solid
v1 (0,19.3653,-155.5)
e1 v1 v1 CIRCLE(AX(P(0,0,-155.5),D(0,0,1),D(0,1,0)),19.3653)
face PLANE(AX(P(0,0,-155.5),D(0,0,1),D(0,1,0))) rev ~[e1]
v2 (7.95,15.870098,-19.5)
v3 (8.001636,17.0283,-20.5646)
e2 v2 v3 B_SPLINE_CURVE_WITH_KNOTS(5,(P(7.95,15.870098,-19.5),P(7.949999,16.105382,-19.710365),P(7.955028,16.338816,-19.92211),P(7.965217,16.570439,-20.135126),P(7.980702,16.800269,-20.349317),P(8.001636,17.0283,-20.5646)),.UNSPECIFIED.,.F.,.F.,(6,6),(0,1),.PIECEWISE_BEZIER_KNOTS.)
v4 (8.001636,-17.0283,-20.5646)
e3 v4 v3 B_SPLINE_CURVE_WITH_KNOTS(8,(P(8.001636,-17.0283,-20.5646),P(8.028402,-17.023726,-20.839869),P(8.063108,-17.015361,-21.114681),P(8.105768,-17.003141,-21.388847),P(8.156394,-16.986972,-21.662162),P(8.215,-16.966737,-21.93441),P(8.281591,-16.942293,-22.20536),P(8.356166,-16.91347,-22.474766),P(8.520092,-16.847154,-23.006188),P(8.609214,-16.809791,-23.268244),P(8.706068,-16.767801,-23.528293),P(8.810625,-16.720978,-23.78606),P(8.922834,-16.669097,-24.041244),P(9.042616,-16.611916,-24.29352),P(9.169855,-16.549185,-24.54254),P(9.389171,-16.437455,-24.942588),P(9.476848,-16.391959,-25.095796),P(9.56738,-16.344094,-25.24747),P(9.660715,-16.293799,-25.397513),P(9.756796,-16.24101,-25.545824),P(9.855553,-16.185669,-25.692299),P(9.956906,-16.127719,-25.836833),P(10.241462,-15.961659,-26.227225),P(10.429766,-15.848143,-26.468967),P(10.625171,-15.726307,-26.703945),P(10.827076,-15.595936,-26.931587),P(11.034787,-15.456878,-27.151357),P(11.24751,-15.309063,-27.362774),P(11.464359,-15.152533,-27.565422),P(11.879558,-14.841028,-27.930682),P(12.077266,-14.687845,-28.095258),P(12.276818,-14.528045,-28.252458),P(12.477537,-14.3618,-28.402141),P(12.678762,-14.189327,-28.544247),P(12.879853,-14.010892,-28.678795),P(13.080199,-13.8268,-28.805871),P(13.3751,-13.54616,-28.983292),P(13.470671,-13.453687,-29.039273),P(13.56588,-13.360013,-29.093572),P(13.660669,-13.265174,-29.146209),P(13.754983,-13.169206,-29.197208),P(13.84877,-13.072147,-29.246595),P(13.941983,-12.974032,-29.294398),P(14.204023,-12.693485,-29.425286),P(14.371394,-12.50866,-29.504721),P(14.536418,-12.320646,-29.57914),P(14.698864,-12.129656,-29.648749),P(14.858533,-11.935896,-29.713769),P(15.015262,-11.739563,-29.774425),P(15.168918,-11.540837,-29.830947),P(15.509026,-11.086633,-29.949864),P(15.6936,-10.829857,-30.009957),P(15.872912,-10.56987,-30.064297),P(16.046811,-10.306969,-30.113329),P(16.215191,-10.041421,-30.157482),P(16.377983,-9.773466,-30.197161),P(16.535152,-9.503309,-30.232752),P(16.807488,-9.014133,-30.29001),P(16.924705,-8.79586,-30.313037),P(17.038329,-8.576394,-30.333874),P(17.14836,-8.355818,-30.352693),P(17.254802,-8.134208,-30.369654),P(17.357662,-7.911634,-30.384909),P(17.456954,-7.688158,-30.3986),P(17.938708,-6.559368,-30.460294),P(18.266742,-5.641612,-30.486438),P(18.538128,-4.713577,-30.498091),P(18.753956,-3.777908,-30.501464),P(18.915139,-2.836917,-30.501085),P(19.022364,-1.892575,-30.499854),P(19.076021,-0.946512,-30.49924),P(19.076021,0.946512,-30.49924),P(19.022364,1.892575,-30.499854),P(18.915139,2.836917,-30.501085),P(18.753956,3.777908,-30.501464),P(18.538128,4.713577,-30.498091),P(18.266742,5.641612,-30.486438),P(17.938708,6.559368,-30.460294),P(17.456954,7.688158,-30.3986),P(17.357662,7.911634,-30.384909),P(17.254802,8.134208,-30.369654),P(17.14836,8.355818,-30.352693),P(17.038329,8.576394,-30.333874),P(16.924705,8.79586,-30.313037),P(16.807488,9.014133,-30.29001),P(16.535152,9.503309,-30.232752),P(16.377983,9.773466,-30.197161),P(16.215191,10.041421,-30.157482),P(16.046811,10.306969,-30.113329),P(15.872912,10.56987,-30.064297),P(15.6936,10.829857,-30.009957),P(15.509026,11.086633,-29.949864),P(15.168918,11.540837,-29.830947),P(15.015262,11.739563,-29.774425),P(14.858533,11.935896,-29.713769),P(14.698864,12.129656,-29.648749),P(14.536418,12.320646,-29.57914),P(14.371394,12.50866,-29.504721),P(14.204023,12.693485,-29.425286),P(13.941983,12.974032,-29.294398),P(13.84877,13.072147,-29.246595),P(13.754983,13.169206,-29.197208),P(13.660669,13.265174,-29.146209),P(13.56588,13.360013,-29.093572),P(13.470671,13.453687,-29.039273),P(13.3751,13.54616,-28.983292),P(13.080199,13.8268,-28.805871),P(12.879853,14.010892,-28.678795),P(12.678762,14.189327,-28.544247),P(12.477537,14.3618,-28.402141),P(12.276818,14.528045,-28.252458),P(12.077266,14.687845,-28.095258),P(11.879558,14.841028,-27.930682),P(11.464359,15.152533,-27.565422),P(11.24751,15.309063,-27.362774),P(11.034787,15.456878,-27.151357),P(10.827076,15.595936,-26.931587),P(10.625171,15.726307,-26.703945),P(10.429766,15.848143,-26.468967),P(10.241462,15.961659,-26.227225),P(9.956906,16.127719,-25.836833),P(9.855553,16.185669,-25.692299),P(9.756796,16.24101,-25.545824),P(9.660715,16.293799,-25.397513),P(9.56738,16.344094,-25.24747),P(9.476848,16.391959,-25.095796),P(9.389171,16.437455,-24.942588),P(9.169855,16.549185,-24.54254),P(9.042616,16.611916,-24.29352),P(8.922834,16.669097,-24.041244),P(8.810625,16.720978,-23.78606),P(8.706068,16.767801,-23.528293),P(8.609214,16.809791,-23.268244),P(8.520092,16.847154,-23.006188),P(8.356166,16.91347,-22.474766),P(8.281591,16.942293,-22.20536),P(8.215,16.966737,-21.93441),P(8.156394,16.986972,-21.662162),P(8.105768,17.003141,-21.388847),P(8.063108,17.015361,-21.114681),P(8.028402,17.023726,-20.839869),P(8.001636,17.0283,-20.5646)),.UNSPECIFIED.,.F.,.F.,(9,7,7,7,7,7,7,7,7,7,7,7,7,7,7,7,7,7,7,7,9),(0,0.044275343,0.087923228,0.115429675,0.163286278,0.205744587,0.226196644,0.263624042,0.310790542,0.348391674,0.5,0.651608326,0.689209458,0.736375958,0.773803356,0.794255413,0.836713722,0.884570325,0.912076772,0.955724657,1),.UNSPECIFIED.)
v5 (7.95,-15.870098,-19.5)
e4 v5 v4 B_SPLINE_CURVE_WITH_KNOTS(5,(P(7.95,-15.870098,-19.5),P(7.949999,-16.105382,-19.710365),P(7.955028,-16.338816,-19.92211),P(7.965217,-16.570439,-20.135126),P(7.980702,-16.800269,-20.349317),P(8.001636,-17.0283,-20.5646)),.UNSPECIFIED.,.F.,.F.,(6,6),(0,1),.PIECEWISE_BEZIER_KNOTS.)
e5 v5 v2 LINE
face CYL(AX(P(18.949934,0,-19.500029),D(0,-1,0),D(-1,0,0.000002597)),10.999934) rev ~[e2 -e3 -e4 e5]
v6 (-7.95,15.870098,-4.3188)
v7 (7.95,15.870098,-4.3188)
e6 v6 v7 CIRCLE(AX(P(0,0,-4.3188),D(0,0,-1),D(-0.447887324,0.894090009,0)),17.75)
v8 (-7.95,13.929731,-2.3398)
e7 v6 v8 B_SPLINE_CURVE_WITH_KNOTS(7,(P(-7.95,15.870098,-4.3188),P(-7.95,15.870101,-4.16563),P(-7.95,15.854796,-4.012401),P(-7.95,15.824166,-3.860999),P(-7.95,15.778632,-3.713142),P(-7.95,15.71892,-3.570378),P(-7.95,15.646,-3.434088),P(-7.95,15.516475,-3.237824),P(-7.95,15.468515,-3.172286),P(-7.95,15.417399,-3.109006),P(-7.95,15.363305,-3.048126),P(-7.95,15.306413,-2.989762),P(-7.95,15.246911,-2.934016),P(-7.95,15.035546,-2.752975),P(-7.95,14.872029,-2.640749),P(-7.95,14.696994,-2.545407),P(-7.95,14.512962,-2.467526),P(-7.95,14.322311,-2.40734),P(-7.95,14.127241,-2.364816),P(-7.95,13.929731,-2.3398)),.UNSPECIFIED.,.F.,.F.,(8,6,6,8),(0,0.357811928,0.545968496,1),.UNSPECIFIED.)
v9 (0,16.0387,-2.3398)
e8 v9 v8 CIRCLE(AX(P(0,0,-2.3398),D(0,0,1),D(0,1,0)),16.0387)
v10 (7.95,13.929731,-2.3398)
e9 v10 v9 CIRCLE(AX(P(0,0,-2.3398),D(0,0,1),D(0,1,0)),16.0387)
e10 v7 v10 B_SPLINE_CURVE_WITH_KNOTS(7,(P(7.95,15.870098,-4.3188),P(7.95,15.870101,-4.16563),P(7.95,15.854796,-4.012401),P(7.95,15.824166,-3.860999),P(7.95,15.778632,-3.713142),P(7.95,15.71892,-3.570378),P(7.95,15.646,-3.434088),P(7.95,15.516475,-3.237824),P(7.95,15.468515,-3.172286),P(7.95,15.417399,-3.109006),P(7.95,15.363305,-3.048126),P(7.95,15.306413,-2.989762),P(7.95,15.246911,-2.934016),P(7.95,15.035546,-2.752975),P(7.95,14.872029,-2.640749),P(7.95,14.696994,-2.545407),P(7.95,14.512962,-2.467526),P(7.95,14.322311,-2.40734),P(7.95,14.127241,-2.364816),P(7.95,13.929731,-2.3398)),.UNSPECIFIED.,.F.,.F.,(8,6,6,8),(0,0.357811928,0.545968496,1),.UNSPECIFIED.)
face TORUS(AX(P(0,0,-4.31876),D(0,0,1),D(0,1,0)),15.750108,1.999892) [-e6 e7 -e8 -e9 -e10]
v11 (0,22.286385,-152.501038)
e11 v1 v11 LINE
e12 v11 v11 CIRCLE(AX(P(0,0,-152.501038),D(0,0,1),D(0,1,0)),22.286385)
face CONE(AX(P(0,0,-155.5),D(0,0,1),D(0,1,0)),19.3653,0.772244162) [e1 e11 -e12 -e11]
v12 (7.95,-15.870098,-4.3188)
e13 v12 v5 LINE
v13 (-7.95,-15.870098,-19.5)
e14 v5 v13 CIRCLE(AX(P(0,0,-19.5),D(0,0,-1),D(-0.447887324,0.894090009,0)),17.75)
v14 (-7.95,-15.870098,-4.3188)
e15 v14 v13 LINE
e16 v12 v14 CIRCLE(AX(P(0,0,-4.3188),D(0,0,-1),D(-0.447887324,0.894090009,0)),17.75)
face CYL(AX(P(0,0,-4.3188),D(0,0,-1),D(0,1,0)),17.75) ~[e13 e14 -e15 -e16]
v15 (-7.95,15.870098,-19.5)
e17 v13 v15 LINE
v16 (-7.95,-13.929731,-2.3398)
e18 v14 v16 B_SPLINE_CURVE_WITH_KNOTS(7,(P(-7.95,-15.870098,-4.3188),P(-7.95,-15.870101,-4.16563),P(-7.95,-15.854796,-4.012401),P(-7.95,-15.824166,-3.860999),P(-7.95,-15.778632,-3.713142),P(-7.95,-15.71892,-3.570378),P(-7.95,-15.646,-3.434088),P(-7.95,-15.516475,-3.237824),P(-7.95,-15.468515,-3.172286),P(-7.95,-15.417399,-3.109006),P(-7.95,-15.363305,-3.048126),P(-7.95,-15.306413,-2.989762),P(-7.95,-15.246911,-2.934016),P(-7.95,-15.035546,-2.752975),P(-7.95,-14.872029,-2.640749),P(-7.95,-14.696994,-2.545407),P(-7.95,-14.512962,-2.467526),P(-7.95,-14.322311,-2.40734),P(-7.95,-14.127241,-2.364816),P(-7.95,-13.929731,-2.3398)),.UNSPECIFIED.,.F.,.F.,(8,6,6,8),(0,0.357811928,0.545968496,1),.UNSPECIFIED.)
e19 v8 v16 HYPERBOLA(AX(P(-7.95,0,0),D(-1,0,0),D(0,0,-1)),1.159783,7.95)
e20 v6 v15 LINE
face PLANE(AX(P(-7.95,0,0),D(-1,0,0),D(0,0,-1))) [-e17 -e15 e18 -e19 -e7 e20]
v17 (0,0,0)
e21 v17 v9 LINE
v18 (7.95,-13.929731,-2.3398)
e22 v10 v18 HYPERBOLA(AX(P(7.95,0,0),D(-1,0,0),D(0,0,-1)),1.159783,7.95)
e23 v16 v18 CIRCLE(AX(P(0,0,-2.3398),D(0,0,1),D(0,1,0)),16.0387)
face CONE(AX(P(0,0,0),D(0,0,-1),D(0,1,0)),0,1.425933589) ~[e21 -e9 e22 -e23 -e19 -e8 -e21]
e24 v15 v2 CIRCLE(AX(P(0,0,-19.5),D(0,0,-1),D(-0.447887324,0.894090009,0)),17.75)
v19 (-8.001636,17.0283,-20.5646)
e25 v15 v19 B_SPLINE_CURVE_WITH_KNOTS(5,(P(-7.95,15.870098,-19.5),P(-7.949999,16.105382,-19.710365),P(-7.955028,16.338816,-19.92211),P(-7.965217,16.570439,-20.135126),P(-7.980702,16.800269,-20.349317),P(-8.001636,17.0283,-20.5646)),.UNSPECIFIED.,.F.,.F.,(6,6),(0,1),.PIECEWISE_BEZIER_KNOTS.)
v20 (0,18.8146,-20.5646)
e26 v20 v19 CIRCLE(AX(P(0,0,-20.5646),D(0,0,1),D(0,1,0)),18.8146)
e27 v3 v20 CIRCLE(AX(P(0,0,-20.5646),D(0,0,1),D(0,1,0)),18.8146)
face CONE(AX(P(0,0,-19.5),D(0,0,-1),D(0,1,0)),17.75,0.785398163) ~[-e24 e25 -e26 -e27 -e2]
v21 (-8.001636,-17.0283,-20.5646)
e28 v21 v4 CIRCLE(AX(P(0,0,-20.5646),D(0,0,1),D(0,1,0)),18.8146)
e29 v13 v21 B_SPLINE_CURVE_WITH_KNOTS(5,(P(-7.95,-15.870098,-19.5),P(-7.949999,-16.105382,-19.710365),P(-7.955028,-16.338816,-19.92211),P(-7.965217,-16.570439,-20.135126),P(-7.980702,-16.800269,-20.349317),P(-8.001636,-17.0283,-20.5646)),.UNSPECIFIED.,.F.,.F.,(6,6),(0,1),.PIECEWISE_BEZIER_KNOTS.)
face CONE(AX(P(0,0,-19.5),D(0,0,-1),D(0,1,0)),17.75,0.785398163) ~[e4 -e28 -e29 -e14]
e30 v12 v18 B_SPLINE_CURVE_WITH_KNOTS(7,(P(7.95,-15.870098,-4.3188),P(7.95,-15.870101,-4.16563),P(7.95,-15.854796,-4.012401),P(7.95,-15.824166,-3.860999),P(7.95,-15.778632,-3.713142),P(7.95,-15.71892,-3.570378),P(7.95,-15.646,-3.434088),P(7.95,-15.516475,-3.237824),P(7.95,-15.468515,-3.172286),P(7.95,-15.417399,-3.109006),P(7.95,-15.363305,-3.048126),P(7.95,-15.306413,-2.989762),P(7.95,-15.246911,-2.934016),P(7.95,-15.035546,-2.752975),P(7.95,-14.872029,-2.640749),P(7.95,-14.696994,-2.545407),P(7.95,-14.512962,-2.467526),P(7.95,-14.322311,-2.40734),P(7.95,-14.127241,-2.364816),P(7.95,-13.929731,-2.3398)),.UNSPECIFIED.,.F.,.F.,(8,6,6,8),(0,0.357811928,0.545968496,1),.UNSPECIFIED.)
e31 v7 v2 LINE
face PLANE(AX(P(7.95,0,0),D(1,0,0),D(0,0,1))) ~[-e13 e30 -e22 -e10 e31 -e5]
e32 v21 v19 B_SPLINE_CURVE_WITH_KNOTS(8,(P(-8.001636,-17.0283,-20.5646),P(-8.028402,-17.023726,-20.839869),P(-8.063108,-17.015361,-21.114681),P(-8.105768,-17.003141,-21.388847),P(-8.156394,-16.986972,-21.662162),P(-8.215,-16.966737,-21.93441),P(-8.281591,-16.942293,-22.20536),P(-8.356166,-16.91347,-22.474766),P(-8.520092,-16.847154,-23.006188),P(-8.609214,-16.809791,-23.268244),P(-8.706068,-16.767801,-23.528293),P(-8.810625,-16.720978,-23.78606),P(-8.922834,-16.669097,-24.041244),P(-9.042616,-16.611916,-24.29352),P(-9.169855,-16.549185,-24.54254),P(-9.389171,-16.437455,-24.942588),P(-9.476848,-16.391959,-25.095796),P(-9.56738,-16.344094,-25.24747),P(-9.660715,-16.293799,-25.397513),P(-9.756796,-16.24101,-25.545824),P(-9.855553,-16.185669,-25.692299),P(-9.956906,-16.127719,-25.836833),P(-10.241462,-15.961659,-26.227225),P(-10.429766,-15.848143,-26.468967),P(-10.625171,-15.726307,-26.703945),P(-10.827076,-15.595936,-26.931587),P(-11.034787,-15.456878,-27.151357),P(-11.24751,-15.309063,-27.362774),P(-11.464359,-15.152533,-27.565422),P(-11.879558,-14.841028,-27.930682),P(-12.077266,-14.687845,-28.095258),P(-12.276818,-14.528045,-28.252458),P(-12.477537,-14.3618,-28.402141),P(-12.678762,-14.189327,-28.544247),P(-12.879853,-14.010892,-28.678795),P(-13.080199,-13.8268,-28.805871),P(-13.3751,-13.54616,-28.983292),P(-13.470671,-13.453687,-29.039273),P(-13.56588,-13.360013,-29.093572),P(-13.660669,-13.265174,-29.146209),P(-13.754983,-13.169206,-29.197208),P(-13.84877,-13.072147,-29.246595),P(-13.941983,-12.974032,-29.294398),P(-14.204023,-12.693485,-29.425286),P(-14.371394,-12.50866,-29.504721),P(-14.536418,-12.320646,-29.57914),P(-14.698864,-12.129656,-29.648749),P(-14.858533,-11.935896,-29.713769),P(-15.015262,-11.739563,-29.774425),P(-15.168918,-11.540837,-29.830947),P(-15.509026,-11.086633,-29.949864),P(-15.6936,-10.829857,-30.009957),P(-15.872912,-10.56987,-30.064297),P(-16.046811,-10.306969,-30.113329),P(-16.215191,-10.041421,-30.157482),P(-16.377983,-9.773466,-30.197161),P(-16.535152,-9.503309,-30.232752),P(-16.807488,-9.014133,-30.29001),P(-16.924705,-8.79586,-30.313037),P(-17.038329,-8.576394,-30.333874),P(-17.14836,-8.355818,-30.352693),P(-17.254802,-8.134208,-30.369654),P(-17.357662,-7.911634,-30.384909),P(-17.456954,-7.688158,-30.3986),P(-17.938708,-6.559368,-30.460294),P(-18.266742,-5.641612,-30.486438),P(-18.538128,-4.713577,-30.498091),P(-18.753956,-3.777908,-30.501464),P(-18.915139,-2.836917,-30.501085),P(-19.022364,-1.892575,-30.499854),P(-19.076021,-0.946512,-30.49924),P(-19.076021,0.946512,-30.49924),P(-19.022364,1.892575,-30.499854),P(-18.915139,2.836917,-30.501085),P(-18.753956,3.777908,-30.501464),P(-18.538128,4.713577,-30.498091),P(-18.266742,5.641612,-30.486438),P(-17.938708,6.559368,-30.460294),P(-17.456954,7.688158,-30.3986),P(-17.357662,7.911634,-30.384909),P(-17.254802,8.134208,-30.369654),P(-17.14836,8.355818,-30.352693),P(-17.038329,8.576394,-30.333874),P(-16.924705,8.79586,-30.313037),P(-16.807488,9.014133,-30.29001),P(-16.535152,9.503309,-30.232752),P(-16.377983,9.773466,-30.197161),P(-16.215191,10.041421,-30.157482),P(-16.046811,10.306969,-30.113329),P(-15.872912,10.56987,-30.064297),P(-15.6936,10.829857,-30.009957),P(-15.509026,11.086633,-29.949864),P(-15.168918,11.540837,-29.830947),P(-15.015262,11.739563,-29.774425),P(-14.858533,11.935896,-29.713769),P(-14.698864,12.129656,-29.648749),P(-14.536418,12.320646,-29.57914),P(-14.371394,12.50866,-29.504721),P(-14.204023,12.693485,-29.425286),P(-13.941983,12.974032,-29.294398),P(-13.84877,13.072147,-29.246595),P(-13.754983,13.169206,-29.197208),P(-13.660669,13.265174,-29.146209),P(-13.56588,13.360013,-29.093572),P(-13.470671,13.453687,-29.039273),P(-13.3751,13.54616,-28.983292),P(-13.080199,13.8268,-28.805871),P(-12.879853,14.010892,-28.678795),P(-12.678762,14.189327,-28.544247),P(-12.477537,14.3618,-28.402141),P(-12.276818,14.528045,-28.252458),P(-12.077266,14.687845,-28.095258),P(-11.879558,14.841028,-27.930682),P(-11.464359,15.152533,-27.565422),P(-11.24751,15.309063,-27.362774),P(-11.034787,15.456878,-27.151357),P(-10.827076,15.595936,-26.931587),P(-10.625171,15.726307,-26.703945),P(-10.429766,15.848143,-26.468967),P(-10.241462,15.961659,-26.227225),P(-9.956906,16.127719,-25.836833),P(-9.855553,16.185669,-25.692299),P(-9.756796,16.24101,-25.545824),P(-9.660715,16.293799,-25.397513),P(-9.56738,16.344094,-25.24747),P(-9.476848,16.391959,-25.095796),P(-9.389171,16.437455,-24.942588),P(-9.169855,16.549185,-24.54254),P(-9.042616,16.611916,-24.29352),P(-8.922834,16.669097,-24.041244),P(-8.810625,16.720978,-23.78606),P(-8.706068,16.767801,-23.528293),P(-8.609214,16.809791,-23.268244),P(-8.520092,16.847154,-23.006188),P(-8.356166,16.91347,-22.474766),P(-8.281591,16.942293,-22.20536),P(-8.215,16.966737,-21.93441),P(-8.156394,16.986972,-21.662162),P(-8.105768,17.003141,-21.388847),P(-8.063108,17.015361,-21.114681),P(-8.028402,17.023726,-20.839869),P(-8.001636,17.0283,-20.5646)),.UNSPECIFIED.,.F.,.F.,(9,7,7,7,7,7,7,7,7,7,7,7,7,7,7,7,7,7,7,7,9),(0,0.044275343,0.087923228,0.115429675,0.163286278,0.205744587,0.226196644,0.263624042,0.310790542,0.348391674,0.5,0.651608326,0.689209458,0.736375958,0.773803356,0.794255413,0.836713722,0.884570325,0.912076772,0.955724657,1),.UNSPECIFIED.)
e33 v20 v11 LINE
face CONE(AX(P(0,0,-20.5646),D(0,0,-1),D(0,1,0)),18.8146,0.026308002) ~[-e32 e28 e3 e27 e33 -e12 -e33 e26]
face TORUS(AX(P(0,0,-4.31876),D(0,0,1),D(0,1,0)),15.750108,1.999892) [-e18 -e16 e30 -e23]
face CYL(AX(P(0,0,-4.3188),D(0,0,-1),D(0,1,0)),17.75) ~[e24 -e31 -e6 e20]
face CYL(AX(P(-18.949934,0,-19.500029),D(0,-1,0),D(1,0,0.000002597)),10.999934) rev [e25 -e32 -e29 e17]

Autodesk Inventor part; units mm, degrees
ref_plane "YZ Plane" through (0, 0, 0) normal (1, 0, 0) x (0, 1, 0)
ref_plane "XZ Plane" through (0, 0, 0) normal (0, 1, 0) x (-1, 0, 0)
ref_plane "XY Plane" through (0, 0, 0) normal (0, 0, 1) x (1, 0, 0)
sketch "Sketch1" plane through (0, 0, 0) normal (1, 0, 0) x (0, 1, 0)
  line L0 (0, 0) -> (18.2735, 0) construction
  line L1 (18.2735, 0) -> (18.8146, -20.5646) construction
  line L2 (22.3653, -155.5) -> (0, -155.5)
  line L3 (0, -155.5) -> (0, 0)
  line L4 (0, -186.6) -> (0, 31.1) projected
  line L5 (22.1995, -149.2) -> (0, -149.2) construction
  line L6 (-4.4731, 0) -> (26.8383, 0) construction
  line L7 (0, 0) -> (16.0387, -2.3398)
  line L8 (17.75, -4.3188) -> (17.75, -19.5)
  line L9 (17.75, -19.5) -> (18.8146, -20.5646)
  line L10 (18.8146, -20.5646) -> (22.3653, -155.5)
  arc A0 (17.75, -4.3188) -> (16.0387, -2.3398) centre (15.75, -4.3188) ccw
  dimension "d0" = 155.5
  dimension "d1" = 36.547
  dimension "d2" = 44.399
  dimension "d3" = 149.2
  dimension "d4" = 19.5
  dimension "d5" = 35.5
  dimension "d6" = 45
  dimension "d7" = 8.3
  dimension "d8" = 2
revolve "Revolution1" add sketch "Sketch1" angle 360 about axis through (0, 0, -155.5) along (0, 0, 1)
chamfer "Chamfer1" distance 3 angle 45 1 edges at (0, -22.3653, -155.5)
sketch "Sketch3" plane through (0, 0, 0) normal (0, 1, 0) x (-1, 0, 0)
  line L0 (7.95, 0) -> (7.95, -19.5)
  arc A0 (7.95, -19.5) -> (19.5695, -30.4825) centre (18.95, -19.5) ccw
  line L1 (19.5695, -30.4825) -> (19.5695, 0)
  line L2 (19.5695, 0) -> (7.95, 0)
  line L3 (0, -186.6) -> (0, 31.1) projected
  line L4 (31.8888, 0) -> (-31.3156, 0) projected
  point P0 (0, 0)
  dimension "d19" = 15.9
  dimension "d20" = 30.5
  dimension "d21" = 11
extrude "Extrusion2" cut sketch "Sketch3" along normal through all both and the other way through all
mirror "Mirror2" about plane through (0, 0, 0) normal (1, 0, 0) of "Extrusion2"
properties material "Steel, Alloy"
